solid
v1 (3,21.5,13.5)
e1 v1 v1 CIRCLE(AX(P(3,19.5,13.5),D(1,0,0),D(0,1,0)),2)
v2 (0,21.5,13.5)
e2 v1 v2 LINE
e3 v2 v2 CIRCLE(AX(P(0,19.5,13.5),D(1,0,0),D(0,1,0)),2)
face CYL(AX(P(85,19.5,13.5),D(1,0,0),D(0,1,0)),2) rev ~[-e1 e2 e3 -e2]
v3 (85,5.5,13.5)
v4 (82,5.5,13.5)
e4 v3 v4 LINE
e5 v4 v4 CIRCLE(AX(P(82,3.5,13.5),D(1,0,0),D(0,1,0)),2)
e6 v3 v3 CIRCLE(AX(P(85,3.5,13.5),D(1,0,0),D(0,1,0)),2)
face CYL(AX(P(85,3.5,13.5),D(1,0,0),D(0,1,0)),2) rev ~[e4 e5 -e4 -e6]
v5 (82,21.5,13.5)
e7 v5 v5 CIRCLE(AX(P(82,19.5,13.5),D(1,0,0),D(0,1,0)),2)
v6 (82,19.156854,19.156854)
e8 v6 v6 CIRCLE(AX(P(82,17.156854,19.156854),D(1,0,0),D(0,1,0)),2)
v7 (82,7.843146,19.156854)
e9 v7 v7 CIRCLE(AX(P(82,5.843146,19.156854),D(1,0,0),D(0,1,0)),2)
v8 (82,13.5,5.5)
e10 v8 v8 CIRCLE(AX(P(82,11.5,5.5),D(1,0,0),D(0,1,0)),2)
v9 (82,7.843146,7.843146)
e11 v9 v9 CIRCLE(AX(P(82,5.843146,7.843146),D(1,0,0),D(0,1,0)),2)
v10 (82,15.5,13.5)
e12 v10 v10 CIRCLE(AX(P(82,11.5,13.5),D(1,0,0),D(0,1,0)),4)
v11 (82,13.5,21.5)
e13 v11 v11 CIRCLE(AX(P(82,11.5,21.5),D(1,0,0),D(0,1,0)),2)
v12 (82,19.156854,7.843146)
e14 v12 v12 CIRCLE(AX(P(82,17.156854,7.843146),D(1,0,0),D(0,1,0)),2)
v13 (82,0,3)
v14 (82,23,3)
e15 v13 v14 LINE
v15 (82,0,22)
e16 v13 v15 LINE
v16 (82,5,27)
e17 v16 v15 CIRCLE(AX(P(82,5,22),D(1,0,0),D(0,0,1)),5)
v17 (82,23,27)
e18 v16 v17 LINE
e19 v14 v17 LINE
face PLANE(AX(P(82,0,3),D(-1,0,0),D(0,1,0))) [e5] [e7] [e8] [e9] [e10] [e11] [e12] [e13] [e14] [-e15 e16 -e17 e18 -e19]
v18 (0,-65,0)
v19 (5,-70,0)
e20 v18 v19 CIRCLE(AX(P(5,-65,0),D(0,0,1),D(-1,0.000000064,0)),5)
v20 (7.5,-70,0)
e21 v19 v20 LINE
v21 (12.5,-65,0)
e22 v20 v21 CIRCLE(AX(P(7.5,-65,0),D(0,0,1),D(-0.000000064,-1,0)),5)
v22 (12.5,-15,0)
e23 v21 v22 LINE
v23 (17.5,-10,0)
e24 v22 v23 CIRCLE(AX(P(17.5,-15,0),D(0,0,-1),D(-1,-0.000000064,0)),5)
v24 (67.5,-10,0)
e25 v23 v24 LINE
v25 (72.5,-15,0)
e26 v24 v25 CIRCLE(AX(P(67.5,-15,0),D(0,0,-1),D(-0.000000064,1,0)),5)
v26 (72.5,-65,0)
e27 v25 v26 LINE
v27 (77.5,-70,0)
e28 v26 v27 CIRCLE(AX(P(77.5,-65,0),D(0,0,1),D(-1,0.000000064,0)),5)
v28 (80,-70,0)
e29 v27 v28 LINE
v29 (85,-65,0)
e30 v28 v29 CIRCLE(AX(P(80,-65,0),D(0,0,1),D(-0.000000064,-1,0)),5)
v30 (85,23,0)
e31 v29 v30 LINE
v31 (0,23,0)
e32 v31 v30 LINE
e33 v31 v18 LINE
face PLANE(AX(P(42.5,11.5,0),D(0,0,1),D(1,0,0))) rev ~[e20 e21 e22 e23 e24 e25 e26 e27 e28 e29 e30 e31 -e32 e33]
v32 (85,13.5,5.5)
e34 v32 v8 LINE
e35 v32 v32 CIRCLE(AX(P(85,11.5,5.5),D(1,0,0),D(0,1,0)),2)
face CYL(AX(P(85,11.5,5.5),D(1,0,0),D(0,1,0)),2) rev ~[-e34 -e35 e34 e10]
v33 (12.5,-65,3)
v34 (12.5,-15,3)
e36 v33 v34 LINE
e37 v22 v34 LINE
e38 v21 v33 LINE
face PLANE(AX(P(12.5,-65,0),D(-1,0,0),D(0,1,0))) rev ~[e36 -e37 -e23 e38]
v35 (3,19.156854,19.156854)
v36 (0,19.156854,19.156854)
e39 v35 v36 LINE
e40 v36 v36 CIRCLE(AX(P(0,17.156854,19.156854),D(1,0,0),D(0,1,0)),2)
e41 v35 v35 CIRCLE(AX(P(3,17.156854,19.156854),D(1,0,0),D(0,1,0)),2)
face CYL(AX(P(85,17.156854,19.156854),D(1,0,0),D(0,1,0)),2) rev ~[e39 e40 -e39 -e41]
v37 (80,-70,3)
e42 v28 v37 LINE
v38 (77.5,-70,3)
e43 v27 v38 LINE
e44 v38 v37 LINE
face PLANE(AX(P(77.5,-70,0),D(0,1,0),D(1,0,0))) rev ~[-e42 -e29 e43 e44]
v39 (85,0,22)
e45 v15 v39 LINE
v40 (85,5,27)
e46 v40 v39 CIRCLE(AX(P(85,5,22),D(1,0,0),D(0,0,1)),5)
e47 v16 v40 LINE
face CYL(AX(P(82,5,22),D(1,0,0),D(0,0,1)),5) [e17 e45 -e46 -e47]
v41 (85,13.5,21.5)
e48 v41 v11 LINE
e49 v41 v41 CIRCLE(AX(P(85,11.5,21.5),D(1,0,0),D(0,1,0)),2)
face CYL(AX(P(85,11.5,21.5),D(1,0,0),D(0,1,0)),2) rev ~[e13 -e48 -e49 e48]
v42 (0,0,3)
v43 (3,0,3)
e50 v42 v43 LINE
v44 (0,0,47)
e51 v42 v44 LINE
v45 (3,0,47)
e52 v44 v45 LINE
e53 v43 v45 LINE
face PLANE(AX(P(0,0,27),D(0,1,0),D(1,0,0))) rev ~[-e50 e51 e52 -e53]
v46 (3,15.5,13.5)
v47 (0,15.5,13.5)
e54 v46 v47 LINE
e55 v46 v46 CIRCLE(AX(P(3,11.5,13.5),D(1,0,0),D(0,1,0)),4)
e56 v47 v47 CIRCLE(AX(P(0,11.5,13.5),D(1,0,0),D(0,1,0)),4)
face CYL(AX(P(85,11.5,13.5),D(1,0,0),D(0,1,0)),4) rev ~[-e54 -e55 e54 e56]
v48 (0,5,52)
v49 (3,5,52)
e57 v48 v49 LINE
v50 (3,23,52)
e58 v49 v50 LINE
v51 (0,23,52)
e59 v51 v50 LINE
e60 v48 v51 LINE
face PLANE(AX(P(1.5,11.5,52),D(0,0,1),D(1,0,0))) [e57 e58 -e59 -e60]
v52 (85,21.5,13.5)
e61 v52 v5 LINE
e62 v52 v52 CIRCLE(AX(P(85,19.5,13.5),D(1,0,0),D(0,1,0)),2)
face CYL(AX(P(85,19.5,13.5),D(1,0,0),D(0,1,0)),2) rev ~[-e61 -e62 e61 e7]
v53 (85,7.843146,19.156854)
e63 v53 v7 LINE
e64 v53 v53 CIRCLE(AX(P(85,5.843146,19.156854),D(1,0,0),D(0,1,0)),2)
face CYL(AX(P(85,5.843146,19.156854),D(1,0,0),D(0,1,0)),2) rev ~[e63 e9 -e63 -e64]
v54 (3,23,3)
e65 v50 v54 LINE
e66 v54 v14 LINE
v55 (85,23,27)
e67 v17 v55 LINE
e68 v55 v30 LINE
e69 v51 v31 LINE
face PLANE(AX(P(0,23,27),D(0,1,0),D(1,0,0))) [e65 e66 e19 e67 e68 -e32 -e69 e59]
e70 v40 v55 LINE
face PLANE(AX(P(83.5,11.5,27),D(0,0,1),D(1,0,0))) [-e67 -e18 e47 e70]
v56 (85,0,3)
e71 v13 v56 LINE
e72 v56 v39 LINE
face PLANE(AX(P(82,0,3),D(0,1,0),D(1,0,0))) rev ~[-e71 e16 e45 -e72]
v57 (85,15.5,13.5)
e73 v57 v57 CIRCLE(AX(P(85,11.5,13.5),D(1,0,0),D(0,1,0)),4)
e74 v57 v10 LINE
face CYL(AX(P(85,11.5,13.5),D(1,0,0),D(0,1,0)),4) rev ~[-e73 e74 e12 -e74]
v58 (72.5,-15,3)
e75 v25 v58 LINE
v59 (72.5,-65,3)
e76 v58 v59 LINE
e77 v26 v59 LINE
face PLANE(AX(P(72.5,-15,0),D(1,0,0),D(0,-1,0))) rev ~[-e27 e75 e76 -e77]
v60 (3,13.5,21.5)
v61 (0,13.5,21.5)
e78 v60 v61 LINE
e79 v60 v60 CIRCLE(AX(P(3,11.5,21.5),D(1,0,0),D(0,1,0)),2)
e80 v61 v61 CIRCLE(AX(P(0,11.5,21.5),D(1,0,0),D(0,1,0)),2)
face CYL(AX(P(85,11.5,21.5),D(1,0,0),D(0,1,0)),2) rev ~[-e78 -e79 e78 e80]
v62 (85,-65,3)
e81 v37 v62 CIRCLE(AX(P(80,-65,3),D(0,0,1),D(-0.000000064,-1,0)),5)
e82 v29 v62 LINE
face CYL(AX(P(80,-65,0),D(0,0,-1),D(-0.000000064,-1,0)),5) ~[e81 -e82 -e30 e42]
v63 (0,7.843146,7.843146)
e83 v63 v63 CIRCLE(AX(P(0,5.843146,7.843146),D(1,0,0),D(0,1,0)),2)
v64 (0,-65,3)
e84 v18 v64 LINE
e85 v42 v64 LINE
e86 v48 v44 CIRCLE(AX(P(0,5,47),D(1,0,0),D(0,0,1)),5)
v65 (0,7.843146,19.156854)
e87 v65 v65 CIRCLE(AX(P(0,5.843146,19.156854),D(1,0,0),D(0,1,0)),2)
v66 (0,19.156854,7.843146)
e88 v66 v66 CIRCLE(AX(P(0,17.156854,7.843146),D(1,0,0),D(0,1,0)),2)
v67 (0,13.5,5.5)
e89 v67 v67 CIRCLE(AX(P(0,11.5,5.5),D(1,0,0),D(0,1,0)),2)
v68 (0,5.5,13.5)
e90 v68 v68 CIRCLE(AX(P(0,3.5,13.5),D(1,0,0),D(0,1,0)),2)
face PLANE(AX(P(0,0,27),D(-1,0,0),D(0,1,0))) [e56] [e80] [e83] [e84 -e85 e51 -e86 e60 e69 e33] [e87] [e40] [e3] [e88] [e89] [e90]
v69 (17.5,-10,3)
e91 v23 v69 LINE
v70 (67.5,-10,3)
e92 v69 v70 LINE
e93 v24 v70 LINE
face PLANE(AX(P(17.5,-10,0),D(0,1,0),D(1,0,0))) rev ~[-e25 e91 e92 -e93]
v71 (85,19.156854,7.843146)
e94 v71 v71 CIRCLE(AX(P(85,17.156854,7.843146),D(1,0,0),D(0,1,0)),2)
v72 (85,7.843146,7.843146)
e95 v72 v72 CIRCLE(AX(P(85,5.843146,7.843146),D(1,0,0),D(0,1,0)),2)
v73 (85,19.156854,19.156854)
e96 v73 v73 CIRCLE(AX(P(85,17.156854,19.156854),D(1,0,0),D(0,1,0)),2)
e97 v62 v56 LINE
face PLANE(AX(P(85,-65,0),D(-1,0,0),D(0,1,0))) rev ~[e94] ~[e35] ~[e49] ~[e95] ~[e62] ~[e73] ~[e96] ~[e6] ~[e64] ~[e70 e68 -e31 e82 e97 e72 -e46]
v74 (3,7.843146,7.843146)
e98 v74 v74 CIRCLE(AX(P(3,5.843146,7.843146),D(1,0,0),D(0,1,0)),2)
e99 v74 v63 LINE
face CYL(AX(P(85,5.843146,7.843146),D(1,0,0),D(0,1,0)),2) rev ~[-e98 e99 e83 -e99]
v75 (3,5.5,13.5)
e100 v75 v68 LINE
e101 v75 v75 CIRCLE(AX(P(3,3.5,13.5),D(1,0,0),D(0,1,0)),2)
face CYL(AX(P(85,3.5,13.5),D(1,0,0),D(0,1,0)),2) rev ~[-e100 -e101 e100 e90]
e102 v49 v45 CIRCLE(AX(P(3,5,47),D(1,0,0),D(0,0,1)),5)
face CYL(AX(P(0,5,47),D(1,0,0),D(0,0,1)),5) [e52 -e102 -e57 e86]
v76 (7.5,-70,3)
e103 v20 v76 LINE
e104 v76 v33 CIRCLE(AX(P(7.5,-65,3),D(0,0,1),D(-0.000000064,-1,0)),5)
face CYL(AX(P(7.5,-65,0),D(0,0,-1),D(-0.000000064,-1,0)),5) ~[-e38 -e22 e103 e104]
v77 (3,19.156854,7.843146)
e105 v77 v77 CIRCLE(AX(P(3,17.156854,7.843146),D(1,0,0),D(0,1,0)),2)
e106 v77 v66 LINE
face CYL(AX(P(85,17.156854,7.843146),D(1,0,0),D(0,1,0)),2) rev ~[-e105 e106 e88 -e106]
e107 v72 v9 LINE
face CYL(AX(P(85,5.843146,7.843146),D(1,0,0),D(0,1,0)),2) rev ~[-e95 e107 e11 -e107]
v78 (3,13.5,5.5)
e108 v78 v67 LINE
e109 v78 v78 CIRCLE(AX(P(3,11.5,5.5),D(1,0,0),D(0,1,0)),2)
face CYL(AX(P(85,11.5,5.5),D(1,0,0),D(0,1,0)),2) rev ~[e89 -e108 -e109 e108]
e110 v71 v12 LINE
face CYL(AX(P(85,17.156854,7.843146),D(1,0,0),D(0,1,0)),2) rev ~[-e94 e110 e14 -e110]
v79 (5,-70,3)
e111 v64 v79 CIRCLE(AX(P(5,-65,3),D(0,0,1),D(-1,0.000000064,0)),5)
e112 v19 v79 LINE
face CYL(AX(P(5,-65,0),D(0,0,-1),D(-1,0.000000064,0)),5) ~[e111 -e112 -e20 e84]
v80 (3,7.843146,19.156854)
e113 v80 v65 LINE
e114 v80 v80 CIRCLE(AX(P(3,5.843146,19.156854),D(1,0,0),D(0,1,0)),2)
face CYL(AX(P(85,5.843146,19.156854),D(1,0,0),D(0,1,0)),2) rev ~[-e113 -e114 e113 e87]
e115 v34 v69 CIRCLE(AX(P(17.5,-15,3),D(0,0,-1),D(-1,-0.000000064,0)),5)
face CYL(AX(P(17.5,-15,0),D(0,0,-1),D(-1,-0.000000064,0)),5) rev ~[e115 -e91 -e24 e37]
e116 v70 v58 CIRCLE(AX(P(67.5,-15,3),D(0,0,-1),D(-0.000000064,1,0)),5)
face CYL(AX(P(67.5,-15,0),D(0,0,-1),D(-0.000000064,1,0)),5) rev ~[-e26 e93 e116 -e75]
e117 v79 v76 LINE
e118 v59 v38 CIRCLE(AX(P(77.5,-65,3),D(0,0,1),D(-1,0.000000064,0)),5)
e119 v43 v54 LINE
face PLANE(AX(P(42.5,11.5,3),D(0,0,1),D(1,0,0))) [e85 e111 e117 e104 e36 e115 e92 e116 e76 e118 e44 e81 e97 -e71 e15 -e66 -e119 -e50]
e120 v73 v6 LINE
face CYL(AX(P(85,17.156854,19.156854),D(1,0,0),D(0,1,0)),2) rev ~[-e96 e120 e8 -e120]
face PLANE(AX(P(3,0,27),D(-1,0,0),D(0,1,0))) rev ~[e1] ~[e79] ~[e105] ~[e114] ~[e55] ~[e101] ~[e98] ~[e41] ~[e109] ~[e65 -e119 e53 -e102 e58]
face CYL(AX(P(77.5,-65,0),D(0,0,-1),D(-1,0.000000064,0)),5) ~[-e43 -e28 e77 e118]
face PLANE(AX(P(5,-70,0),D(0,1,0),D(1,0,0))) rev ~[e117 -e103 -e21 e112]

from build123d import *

# Parameters (mm, degrees)
F0_W     = 85
F0_H     = 23
F1_DEPTH = 3
F2_W     = 3
F2_H     = 23
F3_DEPTH = 24
F4_W     = 3
F4_H     = 23
F5_DEPTH = 25
F6_R     = 4
F6_R_2   = 2
F7_DEPTH = 100
F8_R     = 5


with BuildPart() as f1:
    # F0 (on Top) → F1 (new body)
    with BuildSketch(Plane.XY):
        with Locations((42.5, 11.5)):
            Rectangle(F0_W, F0_H)
        with BuildLine():
            Line((85, 0), (0, 0))
            Line((0, 0), (0, -10))
            Line((0, -10), (0, -65))
            ThreePointArc((0, -65), (1.464466, -68.535534), (5, -70))
            Line((5, -70), (7.5, -70))
            ThreePointArc((7.5, -70), (11.035534, -68.535534), (12.5, -65))
            Line((12.5, -65), (12.5, -15))
            ThreePointArc((12.5, -15), (13.964466, -11.464466), (17.5, -10))
            Line((17.5, -10), (67.5, -10))
            ThreePointArc((67.5, -10), (71.035534, -11.464466), (72.5, -15))
            Line((72.5, -15), (72.5, -65))
            ThreePointArc((72.5, -65), (73.964466, -68.535534), (77.5, -70))
            Line((77.5, -70), (80, -70))
            ThreePointArc((80, -70), (83.535534, -68.535534), (85, -65))
            Line((85, -65), (85, -10))
            Line((85, -10), (85, 0))
        make_face()
    extrude(amount=F1_DEPTH)

    # F2 (on face) → F3 (join)
    with BuildSketch(Plane.XY.offset(3)):
        with Locations((1.5, 11.5)):
            Rectangle(F2_W, F2_H)
        with Locations((83.5, 11.5)):
            Rectangle(F2_W, F2_H)
    extrude(amount=F3_DEPTH)

    # F4 (on face) → F5 (join)
    with BuildSketch(Plane.XY.offset(27)):
        with Locations((1.5, 11.5)):
            Rectangle(F4_W, F4_H)
    extrude(amount=F5_DEPTH)

    # F6 (on face) → F7 (cut)
    with BuildSketch(Plane.YZ.offset(85)):
        with Locations((11.5, 13.5)):
            Circle(F6_R)
        with Locations((19.5, 13.5)):
            Circle(F6_R_2)
        with Locations((17.156854, 19.156854)):
            Circle(F6_R_2)
        with Locations((11.5, 21.5)):
            Circle(F6_R_2)
        with Locations((5.843146, 19.156854)):
            Circle(F6_R_2)
        with Locations((3.5, 13.5)):
            Circle(F6_R_2)
        with Locations((5.843146, 7.843146)):
            Circle(F6_R_2)
        with Locations((11.5, 5.5)):
            Circle(F6_R_2)
        with Locations((17.156854, 7.843146)):
            Circle(F6_R_2)
    extrude(amount=-F7_DEPTH, mode=Mode.SUBTRACT)

    # F8
    f8_edges = [f1.edges().sort_by_distance(p)[0] for p in [
        (1.5, 0, 52),
        (83.5, 0, 27),
    ]]
    fillet(f8_edges, radius=F8_R)


solid = f1.part
